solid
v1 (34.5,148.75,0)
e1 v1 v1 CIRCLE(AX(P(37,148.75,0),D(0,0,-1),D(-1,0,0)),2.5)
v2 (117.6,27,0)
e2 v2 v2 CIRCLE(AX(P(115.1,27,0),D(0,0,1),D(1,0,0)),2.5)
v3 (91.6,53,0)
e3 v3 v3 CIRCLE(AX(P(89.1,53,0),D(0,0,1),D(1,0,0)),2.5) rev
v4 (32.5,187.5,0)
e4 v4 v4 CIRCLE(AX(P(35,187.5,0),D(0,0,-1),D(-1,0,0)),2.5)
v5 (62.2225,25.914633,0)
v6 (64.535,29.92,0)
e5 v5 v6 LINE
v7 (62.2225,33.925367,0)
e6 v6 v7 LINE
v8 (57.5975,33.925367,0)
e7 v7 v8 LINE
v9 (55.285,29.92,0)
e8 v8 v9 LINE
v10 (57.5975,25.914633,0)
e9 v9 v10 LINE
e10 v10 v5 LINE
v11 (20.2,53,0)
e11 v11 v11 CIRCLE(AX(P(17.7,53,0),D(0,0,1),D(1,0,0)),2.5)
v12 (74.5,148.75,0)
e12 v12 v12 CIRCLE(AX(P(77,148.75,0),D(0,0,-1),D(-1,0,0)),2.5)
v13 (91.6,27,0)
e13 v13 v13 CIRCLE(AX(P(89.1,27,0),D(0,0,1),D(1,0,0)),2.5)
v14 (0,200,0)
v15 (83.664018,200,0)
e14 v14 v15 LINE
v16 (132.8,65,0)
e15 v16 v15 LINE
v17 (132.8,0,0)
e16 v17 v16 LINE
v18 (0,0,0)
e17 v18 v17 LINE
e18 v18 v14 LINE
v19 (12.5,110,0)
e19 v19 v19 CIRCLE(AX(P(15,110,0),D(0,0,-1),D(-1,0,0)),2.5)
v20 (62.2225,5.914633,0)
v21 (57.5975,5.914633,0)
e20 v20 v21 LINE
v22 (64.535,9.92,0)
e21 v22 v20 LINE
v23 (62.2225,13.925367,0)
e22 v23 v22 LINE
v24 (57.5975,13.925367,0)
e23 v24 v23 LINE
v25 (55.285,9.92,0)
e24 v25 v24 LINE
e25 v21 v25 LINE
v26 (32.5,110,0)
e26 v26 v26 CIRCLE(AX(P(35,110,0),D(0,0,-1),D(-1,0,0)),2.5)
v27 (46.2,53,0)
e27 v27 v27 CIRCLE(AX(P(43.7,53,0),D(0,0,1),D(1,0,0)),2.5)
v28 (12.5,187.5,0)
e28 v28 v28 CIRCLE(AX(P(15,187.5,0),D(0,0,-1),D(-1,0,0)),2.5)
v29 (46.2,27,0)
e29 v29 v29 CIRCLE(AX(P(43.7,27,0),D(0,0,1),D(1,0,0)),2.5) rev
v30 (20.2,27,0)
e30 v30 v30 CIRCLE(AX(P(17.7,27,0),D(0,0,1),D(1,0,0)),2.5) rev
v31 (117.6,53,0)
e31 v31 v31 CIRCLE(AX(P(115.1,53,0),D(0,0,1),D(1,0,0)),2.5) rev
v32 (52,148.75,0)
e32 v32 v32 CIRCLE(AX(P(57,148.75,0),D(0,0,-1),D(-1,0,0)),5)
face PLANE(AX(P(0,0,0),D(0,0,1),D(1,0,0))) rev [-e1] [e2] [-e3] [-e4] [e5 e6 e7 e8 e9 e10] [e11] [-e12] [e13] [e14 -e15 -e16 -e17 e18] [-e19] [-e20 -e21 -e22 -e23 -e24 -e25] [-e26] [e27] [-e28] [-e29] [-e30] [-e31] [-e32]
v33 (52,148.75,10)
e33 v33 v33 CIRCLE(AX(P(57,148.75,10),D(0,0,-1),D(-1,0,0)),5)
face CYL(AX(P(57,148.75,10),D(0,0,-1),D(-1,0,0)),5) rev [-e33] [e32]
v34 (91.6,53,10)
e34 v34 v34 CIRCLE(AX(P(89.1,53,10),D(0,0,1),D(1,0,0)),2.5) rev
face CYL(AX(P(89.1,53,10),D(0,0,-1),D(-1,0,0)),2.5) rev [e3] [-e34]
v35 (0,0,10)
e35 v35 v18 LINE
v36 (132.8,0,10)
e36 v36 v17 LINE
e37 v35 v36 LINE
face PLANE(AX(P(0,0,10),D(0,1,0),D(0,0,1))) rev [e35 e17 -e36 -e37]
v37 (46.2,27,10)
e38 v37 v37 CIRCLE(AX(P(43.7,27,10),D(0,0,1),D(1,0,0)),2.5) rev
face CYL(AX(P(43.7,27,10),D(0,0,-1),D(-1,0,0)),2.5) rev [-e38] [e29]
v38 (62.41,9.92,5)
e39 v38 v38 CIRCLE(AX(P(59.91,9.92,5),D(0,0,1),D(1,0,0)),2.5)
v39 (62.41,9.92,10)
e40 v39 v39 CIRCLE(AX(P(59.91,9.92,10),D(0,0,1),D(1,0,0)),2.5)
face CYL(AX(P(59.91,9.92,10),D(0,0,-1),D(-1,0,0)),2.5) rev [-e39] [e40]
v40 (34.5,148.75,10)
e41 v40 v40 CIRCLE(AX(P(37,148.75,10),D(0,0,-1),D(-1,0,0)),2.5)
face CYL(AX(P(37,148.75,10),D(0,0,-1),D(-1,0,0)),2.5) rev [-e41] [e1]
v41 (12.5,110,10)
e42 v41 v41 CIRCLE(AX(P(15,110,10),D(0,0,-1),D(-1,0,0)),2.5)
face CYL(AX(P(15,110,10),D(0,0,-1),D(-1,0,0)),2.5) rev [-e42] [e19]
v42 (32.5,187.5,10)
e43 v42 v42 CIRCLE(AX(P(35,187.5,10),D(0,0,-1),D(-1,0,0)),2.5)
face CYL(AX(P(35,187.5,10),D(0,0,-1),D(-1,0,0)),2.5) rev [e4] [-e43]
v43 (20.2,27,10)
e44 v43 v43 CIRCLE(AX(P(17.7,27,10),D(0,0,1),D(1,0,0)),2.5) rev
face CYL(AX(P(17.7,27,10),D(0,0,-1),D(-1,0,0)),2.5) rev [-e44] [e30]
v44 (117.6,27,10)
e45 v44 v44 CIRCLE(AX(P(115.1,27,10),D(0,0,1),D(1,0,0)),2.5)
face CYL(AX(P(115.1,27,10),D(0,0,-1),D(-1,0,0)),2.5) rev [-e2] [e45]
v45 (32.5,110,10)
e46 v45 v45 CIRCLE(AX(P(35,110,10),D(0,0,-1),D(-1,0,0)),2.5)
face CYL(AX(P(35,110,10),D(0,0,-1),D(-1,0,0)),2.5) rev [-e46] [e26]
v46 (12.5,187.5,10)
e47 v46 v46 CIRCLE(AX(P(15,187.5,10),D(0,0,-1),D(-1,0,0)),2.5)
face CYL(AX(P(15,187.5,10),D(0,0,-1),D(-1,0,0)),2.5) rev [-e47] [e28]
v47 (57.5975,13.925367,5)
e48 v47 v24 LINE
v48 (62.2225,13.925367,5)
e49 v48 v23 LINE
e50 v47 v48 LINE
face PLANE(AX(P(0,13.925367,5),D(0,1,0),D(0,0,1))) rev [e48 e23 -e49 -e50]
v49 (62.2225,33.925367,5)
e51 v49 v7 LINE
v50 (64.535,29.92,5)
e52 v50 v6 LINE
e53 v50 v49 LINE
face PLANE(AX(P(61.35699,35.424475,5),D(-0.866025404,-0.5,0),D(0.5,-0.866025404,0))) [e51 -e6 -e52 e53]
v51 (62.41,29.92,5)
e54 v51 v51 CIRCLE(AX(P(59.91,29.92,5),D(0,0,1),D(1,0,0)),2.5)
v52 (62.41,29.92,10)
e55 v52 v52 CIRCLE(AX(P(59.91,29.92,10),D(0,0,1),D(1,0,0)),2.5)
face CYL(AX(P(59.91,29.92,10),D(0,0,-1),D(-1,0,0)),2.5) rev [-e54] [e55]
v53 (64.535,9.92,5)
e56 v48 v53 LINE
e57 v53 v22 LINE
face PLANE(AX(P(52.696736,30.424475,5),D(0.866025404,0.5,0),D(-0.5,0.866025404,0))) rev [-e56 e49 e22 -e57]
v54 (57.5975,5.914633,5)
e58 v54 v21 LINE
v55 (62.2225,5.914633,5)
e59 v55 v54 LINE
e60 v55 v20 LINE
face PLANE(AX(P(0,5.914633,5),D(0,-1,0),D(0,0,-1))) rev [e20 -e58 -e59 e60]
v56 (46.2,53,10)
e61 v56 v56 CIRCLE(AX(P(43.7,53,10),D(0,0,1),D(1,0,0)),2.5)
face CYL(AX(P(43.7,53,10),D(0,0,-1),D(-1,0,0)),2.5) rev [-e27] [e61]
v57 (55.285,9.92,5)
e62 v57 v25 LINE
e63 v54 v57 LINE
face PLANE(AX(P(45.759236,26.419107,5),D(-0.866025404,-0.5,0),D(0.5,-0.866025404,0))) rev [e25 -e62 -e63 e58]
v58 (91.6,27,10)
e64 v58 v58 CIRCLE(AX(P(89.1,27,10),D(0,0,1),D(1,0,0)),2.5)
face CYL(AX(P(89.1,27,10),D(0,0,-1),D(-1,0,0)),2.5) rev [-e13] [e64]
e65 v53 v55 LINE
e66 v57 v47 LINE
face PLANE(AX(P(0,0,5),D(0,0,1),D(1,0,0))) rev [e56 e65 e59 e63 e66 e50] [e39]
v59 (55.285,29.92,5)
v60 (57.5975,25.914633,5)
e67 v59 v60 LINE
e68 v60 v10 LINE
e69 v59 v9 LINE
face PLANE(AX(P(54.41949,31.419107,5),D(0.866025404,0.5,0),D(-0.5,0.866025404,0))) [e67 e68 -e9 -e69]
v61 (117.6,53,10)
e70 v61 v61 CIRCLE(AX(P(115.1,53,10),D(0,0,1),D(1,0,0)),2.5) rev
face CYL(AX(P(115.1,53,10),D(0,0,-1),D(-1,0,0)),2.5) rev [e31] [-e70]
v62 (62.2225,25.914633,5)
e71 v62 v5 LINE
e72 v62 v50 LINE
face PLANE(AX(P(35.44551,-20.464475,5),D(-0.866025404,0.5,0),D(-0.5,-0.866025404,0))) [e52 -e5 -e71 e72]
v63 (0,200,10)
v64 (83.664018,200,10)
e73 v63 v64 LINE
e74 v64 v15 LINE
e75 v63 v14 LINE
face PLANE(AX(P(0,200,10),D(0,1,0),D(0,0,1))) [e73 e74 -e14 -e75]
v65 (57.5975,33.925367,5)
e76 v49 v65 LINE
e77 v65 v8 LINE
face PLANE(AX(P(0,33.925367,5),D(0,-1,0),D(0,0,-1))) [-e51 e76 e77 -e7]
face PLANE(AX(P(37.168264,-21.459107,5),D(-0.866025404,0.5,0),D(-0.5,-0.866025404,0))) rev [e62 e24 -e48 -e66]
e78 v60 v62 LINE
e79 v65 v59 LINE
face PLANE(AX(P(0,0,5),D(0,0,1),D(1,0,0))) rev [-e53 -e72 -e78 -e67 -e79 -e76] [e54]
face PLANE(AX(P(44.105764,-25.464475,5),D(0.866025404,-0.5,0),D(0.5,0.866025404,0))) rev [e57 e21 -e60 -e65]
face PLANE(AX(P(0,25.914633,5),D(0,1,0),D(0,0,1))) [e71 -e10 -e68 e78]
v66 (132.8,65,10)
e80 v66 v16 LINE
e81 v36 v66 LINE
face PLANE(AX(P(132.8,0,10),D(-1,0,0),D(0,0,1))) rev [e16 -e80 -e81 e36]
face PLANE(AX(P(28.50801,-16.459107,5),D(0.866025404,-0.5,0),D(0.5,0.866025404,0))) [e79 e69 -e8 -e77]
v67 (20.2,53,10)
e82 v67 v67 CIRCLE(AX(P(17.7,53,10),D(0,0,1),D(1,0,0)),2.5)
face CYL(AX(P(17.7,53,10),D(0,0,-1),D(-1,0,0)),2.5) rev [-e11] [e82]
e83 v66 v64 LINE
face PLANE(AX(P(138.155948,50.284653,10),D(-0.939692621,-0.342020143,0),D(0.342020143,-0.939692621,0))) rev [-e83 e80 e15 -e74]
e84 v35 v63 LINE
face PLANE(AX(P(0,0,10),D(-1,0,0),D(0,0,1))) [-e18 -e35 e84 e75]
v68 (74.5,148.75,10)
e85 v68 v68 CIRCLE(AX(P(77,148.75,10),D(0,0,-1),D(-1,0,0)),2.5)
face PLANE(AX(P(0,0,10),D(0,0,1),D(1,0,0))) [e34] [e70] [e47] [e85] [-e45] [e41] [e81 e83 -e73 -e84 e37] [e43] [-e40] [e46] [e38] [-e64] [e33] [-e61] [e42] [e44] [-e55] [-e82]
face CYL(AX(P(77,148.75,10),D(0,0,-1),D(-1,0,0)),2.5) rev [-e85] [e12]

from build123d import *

# Parameters (mm, degrees)
SKETCH1_R           = 2.5
BOSS_EXTRUDE1_DEPTH = 10
SKETCH1_3_R         = 2.5
CUT_EXTRUDE1_DEPTH  = 5
SKETCH2_R           = 2.5
SKETCH2_R_2         = 5
CUT_EXTRUDE2_DEPTH  = 241.282833344


with BuildPart() as part:
    # Sketch1 → Boss-Extrude1 (new body)
    with BuildSketch(Plane.XY):
        Polygon((0, 200), (0, 0), (132.8, 0), (132.8, 65), (83.664018374, 200), align=None)
        with Locations((17.7, 27)):
            Circle(SKETCH1_R, mode=Mode.SUBTRACT)
        with Locations((43.7, 27)):
            Circle(SKETCH1_R, mode=Mode.SUBTRACT)
        with Locations((17.7, 53)):
            Circle(SKETCH1_R, mode=Mode.SUBTRACT)
        with Locations((43.7, 53)):
            Circle(SKETCH1_R, mode=Mode.SUBTRACT)
        with Locations((89.1, 27)):
            Circle(SKETCH1_R, mode=Mode.SUBTRACT)
        with Locations((115.1, 27)):
            Circle(SKETCH1_R, mode=Mode.SUBTRACT)
        with Locations((89.1, 53)):
            Circle(SKETCH1_R, mode=Mode.SUBTRACT)
        with Locations((115.1, 53)):
            Circle(SKETCH1_R, mode=Mode.SUBTRACT)
        with Locations((59.91, 9.92)):
            Circle(SKETCH1_R, mode=Mode.SUBTRACT)
        with Locations((59.91, 29.92)):
            Circle(SKETCH1_R, mode=Mode.SUBTRACT)
    extrude(amount=BOSS_EXTRUDE1_DEPTH)

    # Sketch1<3> → Cut-Extrude1 (cut)
    # profile 1 of 2: a face of its own
    with BuildSketch(Plane.XY):
        Polygon((62.2225, 25.914632507), (64.535, 29.92), (62.2225, 33.925367493), (57.5975, 33.925367493), (55.285, 29.92), (57.5975, 25.914632507), align=None)
        with Locations((59.91, 29.92)):
            Circle(SKETCH1_3_R, mode=Mode.SUBTRACT)
    # profile 2 of 2: a face of its own
    with BuildSketch(Plane.XY):
        Polygon((64.535, 9.92), (62.2225, 13.925367493), (57.5975, 13.925367493), (55.285, 9.92), (57.5975, 5.914632507), (62.2225, 5.914632507), align=None)
        with Locations((59.91, 9.92)):
            Circle(SKETCH1_3_R, mode=Mode.SUBTRACT)
    extrude(amount=CUT_EXTRUDE1_DEPTH, mode=Mode.SUBTRACT)

    # Sketch2 → Cut-Extrude2 (cut, through all)
    with BuildSketch(Plane(origin=(0, 0, 0), x_dir=(-1, 0, 0), z_dir=(0, 0, -1))):
        with Locations((-35, 187.5)):
            Circle(SKETCH2_R)
        with Locations((-15, 187.5)):
            Circle(SKETCH2_R)
        with Locations((-35, 110)):
            Circle(SKETCH2_R)
        with Locations((-15, 110)):
            Circle(SKETCH2_R)
        with Locations((-57, 148.75)):
            Circle(SKETCH2_R_2)
        with Locations((-77, 148.75)):
            Circle(SKETCH2_R)
        with Locations((-37, 148.75)):
            Circle(SKETCH2_R)
    extrude(amount=-CUT_EXTRUDE2_DEPTH, mode=Mode.SUBTRACT)


solid = part.part
